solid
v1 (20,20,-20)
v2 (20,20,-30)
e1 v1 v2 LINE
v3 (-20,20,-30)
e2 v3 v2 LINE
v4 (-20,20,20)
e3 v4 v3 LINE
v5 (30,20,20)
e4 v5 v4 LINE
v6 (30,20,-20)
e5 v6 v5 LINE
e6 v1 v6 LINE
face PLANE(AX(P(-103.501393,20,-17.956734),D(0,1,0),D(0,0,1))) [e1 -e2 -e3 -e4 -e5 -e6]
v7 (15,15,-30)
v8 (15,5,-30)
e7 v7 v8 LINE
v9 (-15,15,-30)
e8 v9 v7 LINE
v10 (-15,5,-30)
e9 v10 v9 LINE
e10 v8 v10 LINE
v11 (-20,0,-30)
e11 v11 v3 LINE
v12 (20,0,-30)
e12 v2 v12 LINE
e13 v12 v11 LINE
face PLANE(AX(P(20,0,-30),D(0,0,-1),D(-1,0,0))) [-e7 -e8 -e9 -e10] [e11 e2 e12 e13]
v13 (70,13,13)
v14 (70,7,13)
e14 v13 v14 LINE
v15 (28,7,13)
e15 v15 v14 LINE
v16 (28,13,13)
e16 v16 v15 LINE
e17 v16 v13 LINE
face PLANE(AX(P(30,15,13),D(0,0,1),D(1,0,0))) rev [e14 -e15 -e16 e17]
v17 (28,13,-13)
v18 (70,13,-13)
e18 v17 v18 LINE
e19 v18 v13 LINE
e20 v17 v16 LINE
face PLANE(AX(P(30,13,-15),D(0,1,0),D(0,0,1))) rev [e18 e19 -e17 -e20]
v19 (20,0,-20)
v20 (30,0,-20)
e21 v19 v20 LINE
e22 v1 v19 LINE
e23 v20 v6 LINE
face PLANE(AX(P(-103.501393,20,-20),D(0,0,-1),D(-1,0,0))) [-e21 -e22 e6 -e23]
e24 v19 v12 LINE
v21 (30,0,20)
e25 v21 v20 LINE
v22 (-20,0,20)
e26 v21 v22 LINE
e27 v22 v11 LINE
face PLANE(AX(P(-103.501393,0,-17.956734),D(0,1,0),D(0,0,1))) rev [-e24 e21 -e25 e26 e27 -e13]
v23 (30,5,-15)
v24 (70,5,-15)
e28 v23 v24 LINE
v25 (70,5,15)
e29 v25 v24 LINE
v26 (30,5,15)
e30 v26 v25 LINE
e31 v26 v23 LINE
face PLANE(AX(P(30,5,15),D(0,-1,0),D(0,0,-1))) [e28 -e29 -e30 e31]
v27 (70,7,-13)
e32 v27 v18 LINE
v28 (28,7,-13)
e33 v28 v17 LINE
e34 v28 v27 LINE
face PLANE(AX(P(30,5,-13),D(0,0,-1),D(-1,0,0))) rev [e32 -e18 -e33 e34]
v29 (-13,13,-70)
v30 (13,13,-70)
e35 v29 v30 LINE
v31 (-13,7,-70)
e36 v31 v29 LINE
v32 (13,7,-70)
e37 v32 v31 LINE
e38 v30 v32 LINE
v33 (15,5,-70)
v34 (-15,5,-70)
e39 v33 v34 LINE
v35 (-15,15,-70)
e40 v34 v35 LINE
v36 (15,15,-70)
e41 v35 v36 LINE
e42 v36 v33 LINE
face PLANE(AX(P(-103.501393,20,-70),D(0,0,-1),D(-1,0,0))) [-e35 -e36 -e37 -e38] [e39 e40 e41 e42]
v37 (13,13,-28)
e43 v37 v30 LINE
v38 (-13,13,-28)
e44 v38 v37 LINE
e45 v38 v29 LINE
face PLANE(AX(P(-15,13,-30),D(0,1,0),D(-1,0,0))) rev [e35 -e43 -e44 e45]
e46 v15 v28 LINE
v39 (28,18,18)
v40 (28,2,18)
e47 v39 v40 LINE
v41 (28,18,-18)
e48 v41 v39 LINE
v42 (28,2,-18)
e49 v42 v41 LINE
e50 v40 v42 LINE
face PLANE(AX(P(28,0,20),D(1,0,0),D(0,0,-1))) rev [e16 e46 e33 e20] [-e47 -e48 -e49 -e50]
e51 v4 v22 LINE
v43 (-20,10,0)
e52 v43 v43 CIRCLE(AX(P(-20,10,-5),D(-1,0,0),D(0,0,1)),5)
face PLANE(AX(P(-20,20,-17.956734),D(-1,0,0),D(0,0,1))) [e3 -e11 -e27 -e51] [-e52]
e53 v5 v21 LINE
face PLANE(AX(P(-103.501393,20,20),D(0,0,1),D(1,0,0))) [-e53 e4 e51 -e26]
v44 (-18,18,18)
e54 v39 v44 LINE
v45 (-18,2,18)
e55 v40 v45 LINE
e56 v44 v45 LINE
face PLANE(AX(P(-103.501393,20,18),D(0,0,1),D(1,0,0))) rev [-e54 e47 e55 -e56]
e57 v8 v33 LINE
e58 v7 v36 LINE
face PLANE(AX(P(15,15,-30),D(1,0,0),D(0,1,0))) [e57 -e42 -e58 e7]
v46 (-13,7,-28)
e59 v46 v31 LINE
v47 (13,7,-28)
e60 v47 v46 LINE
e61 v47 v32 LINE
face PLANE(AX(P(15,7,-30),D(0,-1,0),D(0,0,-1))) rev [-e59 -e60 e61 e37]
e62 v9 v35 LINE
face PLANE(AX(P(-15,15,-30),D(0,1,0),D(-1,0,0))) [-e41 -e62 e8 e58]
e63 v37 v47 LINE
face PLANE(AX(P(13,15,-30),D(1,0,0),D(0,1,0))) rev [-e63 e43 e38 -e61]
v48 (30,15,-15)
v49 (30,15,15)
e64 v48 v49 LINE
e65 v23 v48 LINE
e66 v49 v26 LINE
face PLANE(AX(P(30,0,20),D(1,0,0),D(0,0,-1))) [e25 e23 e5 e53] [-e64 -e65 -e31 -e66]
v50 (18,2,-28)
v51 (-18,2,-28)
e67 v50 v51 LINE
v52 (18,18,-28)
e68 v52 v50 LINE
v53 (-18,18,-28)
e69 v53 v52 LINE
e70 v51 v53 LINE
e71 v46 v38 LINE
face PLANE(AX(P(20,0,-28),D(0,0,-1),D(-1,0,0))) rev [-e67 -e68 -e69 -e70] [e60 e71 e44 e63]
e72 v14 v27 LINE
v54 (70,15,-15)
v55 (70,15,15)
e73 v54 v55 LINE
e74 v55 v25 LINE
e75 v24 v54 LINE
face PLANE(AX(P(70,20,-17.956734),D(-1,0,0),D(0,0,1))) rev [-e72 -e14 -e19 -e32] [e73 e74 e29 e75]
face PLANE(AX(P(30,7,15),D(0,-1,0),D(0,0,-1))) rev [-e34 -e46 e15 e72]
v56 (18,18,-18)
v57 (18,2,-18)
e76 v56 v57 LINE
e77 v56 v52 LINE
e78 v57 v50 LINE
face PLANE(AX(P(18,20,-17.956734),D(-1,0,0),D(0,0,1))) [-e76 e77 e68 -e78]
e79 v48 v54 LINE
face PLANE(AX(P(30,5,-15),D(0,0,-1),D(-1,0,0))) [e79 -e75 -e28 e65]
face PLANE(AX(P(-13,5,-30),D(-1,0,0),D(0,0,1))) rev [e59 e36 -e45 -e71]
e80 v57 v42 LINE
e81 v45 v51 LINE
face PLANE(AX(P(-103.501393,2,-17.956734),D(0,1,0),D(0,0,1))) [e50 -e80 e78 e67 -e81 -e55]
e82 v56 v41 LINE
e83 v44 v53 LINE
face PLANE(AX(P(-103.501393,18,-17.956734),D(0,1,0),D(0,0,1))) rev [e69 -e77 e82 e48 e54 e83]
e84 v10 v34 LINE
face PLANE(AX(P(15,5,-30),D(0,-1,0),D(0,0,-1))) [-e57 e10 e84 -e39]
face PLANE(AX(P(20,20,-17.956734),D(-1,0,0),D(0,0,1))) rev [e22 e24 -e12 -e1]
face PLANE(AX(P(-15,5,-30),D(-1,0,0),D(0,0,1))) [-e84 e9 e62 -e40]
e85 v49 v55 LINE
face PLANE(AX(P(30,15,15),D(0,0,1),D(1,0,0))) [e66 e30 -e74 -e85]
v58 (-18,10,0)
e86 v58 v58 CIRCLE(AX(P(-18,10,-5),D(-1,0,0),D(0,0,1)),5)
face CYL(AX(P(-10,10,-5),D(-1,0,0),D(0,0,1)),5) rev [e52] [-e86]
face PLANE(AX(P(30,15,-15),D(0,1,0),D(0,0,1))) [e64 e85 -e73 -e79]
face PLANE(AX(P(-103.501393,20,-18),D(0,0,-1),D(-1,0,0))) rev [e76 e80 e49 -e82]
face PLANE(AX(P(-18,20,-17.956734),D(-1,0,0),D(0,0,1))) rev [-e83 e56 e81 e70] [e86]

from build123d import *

# Parameters (mm, degrees)
CROQUIS1_W     = 40
CROQUIS1_H     = 50
CROQUIS1_H_2   = 40
CROQUIS1_W_2   = 50
EXTRUIR1_DEPTH = 20
CROQUIS2_W     = 40
CROQUIS2_H     = 20
CROQUIS2_W_2   = 30
CROQUIS2_H_2   = 10
EXTRUIR2_DEPTH = 40
CROQUIS3_W     = 40
CROQUIS3_H     = 20
CROQUIS3_W_2   = 30
CROQUIS3_H_2   = 10
EXTRUIR3_DEPTH = 40
VACIADO1_T     = -2
CROQUIS5_R     = 5
EXTRUIR4_DEPTH = 10


with BuildPart() as part:
    # Croquis1 → Extruir1 (new body)
    with BuildSketch(Plane(origin=(0, 0, 0), x_dir=(1, 0, 0), z_dir=(0, 1, 0))):
        with Locations((0, 45)):
            Rectangle(CROQUIS1_W, CROQUIS1_H)
        Rectangle(CROQUIS1_W, CROQUIS1_H_2)
        with Locations((45, 0)):
            Rectangle(CROQUIS1_W_2, CROQUIS1_H_2)
    extrude(amount=EXTRUIR1_DEPTH)

    # Croquis2 → Extruir2 (cut)
    with BuildSketch(Plane(origin=(70, 0, 0), x_dir=(0, 0, -1), z_dir=(1, 0, 0))):
        with Locations((0, 10)):
            Rectangle(CROQUIS2_W, CROQUIS2_H)
        with Locations((0, 10)):
            Rectangle(CROQUIS2_W_2, CROQUIS2_H_2, mode=Mode.SUBTRACT)
    extrude(amount=-EXTRUIR2_DEPTH, mode=Mode.SUBTRACT)

    # Croquis3 → Extruir3 (cut)
    with BuildSketch(Plane(origin=(0, 0, -70), x_dir=(-1, 0, 0), z_dir=(0, 0, -1))):
        with Locations((0, 10)):
            Rectangle(CROQUIS3_W, CROQUIS3_H)
        with Locations((0, 10)):
            Rectangle(CROQUIS3_W_2, CROQUIS3_H_2, mode=Mode.SUBTRACT)
    extrude(amount=-EXTRUIR3_DEPTH, mode=Mode.SUBTRACT)

    # Vaciado1
    vaciado1_openings = [part.faces().sort_by_distance(p)[0] for p in [
        (70, 10, 0),
        (0, 10, -70),
    ]]
    offset(amount=VACIADO1_T, openings=vaciado1_openings, kind=Kind.INTERSECTION)

    # Croquis5 → Extruir4 (cut)
    with BuildSketch(Plane.ZY.offset(20)):
        with Locations((-5, 10)):
            Circle(CROQUIS5_R)
    extrude(amount=-EXTRUIR4_DEPTH, mode=Mode.SUBTRACT)


solid = part.part
